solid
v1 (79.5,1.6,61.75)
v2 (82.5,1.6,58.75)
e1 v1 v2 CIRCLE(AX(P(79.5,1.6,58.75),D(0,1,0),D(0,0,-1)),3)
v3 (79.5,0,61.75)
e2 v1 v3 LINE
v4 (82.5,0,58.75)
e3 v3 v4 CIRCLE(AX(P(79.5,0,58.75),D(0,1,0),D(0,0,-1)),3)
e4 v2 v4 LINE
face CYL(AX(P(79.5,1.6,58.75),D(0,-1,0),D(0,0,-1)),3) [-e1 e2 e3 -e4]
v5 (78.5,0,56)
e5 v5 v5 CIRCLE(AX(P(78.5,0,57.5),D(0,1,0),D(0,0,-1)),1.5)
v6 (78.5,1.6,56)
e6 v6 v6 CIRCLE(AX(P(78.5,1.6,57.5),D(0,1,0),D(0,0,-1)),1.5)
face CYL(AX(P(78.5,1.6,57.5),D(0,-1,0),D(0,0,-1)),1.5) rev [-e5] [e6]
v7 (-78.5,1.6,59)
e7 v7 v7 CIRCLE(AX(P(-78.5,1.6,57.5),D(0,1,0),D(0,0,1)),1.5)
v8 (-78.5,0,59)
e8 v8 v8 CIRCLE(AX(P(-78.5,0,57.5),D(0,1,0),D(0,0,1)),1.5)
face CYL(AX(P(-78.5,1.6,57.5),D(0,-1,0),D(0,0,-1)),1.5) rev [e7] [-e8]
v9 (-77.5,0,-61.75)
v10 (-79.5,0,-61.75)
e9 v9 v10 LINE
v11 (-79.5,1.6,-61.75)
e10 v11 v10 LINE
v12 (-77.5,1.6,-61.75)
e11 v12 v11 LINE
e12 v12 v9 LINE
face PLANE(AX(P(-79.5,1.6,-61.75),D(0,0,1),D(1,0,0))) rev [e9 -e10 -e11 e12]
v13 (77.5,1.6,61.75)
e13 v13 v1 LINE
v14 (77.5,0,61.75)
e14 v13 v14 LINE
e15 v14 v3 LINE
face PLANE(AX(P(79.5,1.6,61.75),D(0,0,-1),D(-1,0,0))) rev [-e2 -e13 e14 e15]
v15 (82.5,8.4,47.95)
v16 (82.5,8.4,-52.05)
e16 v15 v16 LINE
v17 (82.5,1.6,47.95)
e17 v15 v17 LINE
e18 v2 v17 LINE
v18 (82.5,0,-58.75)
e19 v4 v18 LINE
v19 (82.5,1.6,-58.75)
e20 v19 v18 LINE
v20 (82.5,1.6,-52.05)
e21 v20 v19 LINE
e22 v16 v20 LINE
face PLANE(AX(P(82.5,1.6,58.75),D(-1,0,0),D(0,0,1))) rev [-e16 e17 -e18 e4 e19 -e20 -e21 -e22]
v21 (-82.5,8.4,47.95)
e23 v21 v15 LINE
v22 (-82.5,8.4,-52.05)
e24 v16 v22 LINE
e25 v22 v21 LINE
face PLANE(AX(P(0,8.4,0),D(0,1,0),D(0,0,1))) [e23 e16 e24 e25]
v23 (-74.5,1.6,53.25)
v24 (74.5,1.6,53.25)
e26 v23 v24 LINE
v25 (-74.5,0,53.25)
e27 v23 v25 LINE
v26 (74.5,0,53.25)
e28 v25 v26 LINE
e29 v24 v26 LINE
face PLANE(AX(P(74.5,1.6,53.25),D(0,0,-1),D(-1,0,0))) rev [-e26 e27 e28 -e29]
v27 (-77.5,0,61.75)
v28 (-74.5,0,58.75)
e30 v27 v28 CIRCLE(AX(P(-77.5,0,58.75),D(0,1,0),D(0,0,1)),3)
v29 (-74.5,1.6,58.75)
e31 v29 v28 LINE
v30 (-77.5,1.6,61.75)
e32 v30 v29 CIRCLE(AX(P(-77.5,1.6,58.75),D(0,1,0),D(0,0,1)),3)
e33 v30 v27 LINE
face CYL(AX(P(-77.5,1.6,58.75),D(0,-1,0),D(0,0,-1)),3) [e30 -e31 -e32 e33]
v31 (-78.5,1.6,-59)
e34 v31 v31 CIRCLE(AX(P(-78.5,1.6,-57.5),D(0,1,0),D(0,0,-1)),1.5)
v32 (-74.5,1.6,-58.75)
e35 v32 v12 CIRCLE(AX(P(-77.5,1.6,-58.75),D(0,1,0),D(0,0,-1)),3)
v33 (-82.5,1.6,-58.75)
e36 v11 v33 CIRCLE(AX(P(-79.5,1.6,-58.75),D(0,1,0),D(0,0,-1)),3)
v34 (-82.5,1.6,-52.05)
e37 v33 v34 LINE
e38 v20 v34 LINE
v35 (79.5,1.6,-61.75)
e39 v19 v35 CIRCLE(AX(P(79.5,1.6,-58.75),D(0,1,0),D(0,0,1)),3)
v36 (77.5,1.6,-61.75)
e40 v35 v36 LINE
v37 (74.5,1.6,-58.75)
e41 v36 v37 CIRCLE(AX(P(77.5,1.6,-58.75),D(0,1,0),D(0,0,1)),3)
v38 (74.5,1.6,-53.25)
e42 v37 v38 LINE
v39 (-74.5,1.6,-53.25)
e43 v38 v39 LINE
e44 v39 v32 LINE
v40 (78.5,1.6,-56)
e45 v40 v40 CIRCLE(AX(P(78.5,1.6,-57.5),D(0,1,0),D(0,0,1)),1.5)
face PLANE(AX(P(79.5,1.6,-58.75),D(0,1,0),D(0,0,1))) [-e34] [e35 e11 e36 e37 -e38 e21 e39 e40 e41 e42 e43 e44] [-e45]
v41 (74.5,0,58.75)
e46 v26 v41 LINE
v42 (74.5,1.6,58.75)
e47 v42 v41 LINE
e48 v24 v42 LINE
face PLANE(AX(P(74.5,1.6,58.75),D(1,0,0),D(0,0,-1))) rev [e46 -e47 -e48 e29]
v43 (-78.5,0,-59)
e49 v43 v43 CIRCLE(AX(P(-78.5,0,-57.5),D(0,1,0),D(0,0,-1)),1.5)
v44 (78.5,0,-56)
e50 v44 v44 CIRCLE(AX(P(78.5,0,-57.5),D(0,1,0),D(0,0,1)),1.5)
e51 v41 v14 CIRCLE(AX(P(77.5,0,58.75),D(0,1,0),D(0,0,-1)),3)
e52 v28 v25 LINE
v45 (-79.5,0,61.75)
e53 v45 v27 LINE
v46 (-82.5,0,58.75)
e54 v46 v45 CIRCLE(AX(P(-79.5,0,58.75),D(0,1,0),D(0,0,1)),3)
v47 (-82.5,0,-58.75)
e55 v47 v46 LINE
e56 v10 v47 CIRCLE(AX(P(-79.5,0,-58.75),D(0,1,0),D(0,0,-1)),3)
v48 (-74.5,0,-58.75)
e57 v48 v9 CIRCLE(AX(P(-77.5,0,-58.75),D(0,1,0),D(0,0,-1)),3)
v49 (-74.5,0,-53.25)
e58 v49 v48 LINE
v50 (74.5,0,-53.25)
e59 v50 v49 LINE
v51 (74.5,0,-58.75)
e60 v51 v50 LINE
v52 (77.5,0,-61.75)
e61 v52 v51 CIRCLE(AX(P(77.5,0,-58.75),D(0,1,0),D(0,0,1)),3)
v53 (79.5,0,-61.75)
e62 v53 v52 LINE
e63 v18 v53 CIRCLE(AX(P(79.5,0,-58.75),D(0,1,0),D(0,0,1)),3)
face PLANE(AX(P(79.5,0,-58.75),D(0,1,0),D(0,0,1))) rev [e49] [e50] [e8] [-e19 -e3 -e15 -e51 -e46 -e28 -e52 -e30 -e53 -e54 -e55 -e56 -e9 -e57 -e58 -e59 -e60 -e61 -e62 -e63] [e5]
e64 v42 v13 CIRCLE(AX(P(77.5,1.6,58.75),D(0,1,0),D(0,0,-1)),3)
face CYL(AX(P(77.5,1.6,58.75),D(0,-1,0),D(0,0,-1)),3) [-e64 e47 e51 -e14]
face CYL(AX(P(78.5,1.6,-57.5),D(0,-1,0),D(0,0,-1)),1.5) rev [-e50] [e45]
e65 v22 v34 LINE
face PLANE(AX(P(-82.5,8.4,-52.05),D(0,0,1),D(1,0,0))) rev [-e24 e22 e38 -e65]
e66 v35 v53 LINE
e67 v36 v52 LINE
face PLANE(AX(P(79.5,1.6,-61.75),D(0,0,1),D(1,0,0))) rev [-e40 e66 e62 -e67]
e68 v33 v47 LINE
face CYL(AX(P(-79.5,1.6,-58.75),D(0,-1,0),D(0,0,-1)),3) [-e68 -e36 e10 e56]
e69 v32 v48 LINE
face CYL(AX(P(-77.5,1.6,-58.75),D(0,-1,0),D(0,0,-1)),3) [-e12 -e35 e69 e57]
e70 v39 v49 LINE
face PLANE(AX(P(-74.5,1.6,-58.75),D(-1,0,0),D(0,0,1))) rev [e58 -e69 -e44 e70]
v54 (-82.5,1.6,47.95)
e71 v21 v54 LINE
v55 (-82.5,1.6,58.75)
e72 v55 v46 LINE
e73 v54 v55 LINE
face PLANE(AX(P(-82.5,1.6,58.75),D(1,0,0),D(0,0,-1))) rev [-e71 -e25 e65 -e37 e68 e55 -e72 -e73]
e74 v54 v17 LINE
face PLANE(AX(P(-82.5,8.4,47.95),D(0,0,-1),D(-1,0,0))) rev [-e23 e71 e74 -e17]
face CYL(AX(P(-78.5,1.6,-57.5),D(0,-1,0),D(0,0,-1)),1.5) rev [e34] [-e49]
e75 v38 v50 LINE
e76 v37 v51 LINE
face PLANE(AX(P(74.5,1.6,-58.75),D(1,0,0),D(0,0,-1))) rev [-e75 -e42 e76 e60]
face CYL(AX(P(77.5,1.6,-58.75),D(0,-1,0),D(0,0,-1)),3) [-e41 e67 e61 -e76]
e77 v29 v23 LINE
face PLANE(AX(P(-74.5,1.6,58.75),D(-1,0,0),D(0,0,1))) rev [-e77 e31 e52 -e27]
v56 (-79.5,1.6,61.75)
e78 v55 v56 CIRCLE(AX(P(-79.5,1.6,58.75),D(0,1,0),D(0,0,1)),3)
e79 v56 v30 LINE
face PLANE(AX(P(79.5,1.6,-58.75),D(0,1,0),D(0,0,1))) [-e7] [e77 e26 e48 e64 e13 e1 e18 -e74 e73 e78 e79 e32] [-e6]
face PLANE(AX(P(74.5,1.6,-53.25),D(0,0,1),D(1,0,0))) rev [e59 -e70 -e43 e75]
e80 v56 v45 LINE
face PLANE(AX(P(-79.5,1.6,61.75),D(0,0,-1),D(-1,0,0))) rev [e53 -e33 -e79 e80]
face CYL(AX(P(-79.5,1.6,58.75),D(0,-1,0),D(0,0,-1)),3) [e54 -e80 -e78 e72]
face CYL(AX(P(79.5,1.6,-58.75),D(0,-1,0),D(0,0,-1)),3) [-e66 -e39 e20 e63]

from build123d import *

# Parameters (mm, degrees)
CROQUIS1_R              = 1.5
SALIENTE_EXTRUIR1_DEPTH = 1.6
CROQUIS2_W              = 165
CROQUIS2_H              = 100
SALIENTE_EXTRUIR2_DEPTH = 6.8


with BuildPart() as part:
    # Croquis1 → Saliente-Extruir1 (new body)
    with BuildSketch(Plane(origin=(0, 0, 0), x_dir=(1, 0, 0), z_dir=(0, 1, 0))):
        with BuildLine():
            Line((82.5, -58.75), (82.5, 58.75))
            ThreePointArc((82.5, 58.75), (81.621320344, 60.871320344), (79.5, 61.75))
            Line((79.5, 61.75), (77.5, 61.75))
            ThreePointArc((77.5, 61.75), (75.378679656, 60.871320344), (74.5, 58.75))
            Line((74.5, 58.75), (74.5, 53.25))
            Line((74.5, 53.25), (-74.5, 53.25))
            Line((-74.5, 53.25), (-74.5, 58.75))
            ThreePointArc((-74.5, 58.75), (-75.378679656, 60.871320344), (-77.5, 61.75))
            Line((-77.5, 61.75), (-79.5, 61.75))
            ThreePointArc((-79.5, 61.75), (-81.621320344, 60.871320344), (-82.5, 58.75))
            Line((-82.5, 58.75), (-82.5, -58.75))
            ThreePointArc((-82.5, -58.75), (-81.621320344, -60.871320344), (-79.5, -61.75))
            Line((-79.5, -61.75), (-77.5, -61.75))
            ThreePointArc((-77.5, -61.75), (-75.378679656, -60.871320344), (-74.5, -58.75))
            Line((-74.5, -58.75), (-74.5, -53.25))
            Line((-74.5, -53.25), (74.5, -53.25))
            Line((74.5, -53.25), (74.5, -58.75))
            ThreePointArc((74.5, -58.75), (75.378679656, -60.871320344), (77.5, -61.75))
            Line((77.5, -61.75), (79.5, -61.75))
            ThreePointArc((79.5, -61.75), (81.621320344, -60.871320344), (82.5, -58.75))
        make_face()
        with Locations((78.5, 57.5)):
            Circle(CROQUIS1_R, mode=Mode.SUBTRACT)
        with Locations((78.5, -57.5)):
            Circle(CROQUIS1_R, mode=Mode.SUBTRACT)
        with Locations((-78.5, -57.5)):
            Circle(CROQUIS1_R, mode=Mode.SUBTRACT)
        with Locations((-78.5, 57.5)):
            Circle(CROQUIS1_R, mode=Mode.SUBTRACT)
    extrude(amount=SALIENTE_EXTRUIR1_DEPTH)

    # Croquis2 → Saliente-Extruir2 (add)
    with BuildSketch(Plane(origin=(0, 1.6, 0), x_dir=(1, 0, 0), z_dir=(0, 1, 0))):
        with Locations((0, 2.05)):
            Rectangle(CROQUIS2_W, CROQUIS2_H)
    extrude(amount=SALIENTE_EXTRUIR2_DEPTH)


solid = part.part
